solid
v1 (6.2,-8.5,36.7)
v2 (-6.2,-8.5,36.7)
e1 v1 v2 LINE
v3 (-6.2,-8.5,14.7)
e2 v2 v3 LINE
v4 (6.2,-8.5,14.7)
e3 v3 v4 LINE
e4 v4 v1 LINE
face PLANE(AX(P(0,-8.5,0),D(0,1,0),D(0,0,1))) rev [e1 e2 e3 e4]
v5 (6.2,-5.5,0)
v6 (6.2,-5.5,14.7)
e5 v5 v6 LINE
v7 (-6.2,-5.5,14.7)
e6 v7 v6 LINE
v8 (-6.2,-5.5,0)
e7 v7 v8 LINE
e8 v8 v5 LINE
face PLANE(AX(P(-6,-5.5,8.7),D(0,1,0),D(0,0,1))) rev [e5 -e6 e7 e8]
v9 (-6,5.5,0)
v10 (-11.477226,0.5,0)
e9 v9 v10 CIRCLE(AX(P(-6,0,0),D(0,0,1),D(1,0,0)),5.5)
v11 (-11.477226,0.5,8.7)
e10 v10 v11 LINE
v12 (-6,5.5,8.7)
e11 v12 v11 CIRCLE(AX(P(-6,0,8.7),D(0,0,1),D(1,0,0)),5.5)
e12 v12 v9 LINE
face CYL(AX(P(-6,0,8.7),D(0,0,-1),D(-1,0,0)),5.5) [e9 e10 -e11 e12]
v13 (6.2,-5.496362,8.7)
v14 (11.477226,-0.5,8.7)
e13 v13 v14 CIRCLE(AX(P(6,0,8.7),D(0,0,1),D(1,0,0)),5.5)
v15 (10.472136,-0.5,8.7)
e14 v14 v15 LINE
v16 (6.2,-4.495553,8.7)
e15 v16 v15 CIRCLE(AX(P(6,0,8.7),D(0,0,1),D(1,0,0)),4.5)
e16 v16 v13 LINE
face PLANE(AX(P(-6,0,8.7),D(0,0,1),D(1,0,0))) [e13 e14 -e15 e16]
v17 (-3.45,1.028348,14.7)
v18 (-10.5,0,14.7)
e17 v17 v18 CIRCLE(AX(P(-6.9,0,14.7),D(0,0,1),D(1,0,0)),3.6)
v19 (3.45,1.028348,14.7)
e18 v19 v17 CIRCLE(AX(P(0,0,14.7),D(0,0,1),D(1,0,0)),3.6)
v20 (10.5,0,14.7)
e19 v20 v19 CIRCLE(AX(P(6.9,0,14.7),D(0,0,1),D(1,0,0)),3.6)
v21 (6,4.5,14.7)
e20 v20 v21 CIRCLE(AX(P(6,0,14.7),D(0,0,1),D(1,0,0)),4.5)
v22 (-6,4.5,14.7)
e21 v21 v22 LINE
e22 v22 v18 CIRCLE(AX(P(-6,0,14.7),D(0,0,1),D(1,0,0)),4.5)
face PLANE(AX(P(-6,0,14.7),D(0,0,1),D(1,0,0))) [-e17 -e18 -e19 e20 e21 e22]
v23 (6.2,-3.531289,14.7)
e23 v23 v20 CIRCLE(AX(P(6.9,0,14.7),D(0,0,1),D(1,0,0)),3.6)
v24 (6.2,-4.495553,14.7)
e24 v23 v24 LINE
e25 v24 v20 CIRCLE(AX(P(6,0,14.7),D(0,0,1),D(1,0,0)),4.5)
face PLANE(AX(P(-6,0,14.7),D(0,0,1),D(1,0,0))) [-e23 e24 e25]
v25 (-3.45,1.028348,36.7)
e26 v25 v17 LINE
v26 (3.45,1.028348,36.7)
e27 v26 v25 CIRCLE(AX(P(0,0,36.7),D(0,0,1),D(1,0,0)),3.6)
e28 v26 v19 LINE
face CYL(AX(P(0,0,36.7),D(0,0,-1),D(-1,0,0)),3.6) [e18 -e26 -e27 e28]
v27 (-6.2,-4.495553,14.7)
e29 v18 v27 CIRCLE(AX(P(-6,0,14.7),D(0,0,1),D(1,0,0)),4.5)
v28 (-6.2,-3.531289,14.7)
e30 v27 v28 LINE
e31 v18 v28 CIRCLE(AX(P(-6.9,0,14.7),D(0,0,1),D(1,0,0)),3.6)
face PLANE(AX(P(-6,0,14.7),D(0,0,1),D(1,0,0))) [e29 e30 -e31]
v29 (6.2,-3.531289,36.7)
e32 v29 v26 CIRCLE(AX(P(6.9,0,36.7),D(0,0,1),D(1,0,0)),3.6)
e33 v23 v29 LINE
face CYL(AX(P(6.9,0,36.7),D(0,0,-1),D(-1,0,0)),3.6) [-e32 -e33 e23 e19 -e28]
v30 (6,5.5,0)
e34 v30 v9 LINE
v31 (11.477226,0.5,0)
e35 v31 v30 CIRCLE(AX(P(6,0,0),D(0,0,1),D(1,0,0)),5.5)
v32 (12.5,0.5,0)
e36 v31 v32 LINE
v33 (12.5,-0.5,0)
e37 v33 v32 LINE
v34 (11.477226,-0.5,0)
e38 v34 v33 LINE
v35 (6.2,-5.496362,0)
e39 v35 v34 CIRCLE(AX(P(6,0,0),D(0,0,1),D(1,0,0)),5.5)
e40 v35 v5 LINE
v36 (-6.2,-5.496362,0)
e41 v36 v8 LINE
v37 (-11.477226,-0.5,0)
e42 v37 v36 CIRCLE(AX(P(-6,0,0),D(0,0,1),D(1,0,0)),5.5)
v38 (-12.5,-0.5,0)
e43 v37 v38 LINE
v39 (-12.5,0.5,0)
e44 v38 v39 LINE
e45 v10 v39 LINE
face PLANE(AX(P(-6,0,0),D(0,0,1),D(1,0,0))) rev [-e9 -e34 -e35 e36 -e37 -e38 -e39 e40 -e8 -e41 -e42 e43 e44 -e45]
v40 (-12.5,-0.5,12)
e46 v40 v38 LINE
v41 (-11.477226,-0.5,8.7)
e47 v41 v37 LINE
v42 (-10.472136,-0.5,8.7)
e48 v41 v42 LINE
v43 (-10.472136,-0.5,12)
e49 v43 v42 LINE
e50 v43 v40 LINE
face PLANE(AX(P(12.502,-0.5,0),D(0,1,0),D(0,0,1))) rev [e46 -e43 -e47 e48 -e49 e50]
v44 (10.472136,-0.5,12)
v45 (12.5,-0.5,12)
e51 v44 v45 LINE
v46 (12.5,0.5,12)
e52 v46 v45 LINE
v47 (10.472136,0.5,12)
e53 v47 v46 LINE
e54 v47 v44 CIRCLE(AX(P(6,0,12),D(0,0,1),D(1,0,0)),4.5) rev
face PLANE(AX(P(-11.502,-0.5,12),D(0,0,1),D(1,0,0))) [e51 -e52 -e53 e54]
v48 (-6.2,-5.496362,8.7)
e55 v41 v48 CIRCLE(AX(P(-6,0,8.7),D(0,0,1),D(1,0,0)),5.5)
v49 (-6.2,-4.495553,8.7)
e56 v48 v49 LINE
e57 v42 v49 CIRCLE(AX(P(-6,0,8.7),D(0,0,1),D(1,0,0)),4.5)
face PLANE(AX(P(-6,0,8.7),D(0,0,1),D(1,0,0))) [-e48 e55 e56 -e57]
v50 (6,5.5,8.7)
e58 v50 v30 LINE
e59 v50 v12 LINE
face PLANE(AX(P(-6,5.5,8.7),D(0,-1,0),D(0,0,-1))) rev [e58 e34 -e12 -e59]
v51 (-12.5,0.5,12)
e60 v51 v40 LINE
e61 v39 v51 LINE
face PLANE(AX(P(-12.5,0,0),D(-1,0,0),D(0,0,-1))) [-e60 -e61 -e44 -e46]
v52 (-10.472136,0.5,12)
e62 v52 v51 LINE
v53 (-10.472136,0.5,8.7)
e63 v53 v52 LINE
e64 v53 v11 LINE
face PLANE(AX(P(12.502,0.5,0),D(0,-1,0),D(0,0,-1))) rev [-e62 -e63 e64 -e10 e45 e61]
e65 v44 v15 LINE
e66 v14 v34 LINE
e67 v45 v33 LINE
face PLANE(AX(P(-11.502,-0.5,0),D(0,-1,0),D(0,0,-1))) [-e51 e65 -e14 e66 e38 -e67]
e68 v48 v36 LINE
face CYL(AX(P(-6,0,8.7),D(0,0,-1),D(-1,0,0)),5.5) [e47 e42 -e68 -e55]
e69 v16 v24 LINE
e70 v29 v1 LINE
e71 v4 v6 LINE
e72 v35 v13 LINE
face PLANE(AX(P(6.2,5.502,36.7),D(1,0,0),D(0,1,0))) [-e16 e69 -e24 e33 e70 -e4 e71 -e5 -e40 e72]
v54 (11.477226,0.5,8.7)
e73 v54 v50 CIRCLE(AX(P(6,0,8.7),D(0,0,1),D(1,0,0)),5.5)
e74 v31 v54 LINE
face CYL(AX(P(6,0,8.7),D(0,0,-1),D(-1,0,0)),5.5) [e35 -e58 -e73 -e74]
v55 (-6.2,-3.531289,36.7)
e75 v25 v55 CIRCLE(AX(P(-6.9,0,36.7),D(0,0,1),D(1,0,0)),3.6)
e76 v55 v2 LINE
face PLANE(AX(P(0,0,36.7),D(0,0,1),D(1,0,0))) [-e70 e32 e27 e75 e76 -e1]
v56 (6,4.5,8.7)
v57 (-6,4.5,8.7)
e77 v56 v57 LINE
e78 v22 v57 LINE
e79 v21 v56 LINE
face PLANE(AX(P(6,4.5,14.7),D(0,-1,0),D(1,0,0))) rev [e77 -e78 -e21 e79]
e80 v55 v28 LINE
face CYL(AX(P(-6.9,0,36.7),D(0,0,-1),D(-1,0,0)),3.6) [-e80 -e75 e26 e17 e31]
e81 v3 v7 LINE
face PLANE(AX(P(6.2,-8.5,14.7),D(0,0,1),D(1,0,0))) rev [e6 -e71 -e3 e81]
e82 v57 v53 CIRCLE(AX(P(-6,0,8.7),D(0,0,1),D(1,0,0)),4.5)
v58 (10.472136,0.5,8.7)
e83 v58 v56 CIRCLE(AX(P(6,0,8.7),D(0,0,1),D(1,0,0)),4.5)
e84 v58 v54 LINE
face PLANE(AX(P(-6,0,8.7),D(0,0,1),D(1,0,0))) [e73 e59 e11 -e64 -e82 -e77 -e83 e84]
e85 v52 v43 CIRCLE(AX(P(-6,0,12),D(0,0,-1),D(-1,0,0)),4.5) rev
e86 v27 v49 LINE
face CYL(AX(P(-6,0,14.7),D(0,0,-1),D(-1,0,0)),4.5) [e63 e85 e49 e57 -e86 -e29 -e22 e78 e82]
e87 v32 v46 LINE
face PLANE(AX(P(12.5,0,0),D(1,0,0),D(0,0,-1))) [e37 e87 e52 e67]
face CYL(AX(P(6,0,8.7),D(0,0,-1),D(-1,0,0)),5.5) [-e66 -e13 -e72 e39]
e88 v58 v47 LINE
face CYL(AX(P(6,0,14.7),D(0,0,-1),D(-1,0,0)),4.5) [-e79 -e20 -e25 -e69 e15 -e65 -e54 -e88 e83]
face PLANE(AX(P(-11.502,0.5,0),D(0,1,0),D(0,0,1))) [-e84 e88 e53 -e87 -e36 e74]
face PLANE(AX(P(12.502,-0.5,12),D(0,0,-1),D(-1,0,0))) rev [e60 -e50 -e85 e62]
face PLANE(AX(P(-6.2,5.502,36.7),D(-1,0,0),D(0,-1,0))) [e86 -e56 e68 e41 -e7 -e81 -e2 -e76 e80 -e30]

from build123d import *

# Parameters (mm, degrees)
EXTRUDE_1_DEPTH  = 8.7
EXTRUDE_2_DEPTH  = 6
EXTRUDE_7_DEPTH  = 22
EXTRUDE_15_REACH = 42.002
SKETCH_6_W       = 12.4
SKETCH_6_H       = 36.7
EXTRUDE_16_REACH = 46.194
SKETCH_10_W      = 12
SKETCH_10_H      = 1
SKETCH_11_W      = 12.4
SKETCH_11_H      = 22
EXTRUDE_17_DEPTH = 3


with BuildPart() as part:
    # ｽｹｯﾁ1 → ﾎﾞｽ - 押し出し1 (new body)
    with BuildSketch(Plane.XY):
        with BuildLine():
            Line((-6, 5.5), (6, 5.5))
            ThreePointArc((6, 5.5), (11.5, 0), (6, -5.5))
            Line((6, -5.5), (-6, -5.5))
            ThreePointArc((-6, -5.5), (-11.5, 0), (-6, 5.5))
        make_face()
    extrude(amount=EXTRUDE_1_DEPTH)

    # ｽｹｯﾁ4 → ﾎﾞｽ - 押し出し2 (add)
    with BuildSketch(Plane.XY.offset(8.7)):
        with BuildLine():
            Line((-6, -4.5), (6, -4.5))
            ThreePointArc((6, -4.5), (10.5, 0), (6, 4.5))
            Line((6, 4.5), (-6, 4.5))
            ThreePointArc((-6, 4.5), (-10.5, 0), (-6, -4.5))
        make_face()
    extrude(amount=EXTRUDE_2_DEPTH)

    # ｽｹｯﾁ5 → ﾎﾞｽ - 押し出し7 (add)
    with BuildSketch(Plane.XY.offset(14.7)):
        with BuildLine():
            ThreePointArc((-3.45, 1.02834819), (-10.5, 0), (-3.45, -1.02834819))
            ThreePointArc((-3.45, -1.02834819), (0, -3.6), (3.45, -1.02834819))
            ThreePointArc((3.45, -1.02834819), (10.5, 0), (3.45, 1.02834819))
            ThreePointArc((3.45, 1.02834819), (0, 3.6), (-3.45, 1.02834819))
        make_face()
    extrude(amount=EXTRUDE_7_DEPTH)

    # ｽｹｯﾁ6 → ﾎﾞｽ - 押し出し15 (add, up to next)
    with BuildSketch(Plane.XZ.offset(5.5), mode=Mode.PRIVATE) as extrude_15_sk1:
        with Locations((0, 18.35)):
            Rectangle(SKETCH_6_W, SKETCH_6_H)
    extrude_15_tool1 = extrude(extrude_15_sk1.sketch, amount=-EXTRUDE_15_REACH, mode=Mode.PRIVATE) - part.part
    add(extrude_15_tool1.solids().sort_by_distance((0, -5.5, 18.35))[0])

    # ｽｹｯﾁ10 → ﾎﾞｽ - 押し出し16 (add, up to next)
    with BuildSketch(Plane(origin=(12.5, 0, 0), x_dir=(0, 0, -1), z_dir=(1, 0, 0)), mode=Mode.PRIVATE) as extrude_16_sk1:
        with Locations((-6, 0)):
            Rectangle(SKETCH_10_W, SKETCH_10_H)
    extrude_16_tool1 = extrude(extrude_16_sk1.sketch, amount=-EXTRUDE_16_REACH, mode=Mode.PRIVATE) - part.part
    extrude_16 = extrude_16_tool1.solids().sort_by_distance((12.5, 0, 6))[0]
    add(extrude_16)

    # ﾐﾗｰ1: ﾎﾞｽ - 押し出し16 across plane
    add(extrude_16.mirror(Plane(origin=(0, 0, 0), x_dir=(0, 0, 1), z_dir=(1, 0, 0))))

    # ｽｹｯﾁ11 → ﾎﾞｽ - 押し出し17 (add)
    with BuildSketch(Plane.XZ.offset(5.5)):
        with Locations((0, 25.7)):
            Rectangle(SKETCH_11_W, SKETCH_11_H)
    extrude(amount=EXTRUDE_17_DEPTH)


solid = part.part
